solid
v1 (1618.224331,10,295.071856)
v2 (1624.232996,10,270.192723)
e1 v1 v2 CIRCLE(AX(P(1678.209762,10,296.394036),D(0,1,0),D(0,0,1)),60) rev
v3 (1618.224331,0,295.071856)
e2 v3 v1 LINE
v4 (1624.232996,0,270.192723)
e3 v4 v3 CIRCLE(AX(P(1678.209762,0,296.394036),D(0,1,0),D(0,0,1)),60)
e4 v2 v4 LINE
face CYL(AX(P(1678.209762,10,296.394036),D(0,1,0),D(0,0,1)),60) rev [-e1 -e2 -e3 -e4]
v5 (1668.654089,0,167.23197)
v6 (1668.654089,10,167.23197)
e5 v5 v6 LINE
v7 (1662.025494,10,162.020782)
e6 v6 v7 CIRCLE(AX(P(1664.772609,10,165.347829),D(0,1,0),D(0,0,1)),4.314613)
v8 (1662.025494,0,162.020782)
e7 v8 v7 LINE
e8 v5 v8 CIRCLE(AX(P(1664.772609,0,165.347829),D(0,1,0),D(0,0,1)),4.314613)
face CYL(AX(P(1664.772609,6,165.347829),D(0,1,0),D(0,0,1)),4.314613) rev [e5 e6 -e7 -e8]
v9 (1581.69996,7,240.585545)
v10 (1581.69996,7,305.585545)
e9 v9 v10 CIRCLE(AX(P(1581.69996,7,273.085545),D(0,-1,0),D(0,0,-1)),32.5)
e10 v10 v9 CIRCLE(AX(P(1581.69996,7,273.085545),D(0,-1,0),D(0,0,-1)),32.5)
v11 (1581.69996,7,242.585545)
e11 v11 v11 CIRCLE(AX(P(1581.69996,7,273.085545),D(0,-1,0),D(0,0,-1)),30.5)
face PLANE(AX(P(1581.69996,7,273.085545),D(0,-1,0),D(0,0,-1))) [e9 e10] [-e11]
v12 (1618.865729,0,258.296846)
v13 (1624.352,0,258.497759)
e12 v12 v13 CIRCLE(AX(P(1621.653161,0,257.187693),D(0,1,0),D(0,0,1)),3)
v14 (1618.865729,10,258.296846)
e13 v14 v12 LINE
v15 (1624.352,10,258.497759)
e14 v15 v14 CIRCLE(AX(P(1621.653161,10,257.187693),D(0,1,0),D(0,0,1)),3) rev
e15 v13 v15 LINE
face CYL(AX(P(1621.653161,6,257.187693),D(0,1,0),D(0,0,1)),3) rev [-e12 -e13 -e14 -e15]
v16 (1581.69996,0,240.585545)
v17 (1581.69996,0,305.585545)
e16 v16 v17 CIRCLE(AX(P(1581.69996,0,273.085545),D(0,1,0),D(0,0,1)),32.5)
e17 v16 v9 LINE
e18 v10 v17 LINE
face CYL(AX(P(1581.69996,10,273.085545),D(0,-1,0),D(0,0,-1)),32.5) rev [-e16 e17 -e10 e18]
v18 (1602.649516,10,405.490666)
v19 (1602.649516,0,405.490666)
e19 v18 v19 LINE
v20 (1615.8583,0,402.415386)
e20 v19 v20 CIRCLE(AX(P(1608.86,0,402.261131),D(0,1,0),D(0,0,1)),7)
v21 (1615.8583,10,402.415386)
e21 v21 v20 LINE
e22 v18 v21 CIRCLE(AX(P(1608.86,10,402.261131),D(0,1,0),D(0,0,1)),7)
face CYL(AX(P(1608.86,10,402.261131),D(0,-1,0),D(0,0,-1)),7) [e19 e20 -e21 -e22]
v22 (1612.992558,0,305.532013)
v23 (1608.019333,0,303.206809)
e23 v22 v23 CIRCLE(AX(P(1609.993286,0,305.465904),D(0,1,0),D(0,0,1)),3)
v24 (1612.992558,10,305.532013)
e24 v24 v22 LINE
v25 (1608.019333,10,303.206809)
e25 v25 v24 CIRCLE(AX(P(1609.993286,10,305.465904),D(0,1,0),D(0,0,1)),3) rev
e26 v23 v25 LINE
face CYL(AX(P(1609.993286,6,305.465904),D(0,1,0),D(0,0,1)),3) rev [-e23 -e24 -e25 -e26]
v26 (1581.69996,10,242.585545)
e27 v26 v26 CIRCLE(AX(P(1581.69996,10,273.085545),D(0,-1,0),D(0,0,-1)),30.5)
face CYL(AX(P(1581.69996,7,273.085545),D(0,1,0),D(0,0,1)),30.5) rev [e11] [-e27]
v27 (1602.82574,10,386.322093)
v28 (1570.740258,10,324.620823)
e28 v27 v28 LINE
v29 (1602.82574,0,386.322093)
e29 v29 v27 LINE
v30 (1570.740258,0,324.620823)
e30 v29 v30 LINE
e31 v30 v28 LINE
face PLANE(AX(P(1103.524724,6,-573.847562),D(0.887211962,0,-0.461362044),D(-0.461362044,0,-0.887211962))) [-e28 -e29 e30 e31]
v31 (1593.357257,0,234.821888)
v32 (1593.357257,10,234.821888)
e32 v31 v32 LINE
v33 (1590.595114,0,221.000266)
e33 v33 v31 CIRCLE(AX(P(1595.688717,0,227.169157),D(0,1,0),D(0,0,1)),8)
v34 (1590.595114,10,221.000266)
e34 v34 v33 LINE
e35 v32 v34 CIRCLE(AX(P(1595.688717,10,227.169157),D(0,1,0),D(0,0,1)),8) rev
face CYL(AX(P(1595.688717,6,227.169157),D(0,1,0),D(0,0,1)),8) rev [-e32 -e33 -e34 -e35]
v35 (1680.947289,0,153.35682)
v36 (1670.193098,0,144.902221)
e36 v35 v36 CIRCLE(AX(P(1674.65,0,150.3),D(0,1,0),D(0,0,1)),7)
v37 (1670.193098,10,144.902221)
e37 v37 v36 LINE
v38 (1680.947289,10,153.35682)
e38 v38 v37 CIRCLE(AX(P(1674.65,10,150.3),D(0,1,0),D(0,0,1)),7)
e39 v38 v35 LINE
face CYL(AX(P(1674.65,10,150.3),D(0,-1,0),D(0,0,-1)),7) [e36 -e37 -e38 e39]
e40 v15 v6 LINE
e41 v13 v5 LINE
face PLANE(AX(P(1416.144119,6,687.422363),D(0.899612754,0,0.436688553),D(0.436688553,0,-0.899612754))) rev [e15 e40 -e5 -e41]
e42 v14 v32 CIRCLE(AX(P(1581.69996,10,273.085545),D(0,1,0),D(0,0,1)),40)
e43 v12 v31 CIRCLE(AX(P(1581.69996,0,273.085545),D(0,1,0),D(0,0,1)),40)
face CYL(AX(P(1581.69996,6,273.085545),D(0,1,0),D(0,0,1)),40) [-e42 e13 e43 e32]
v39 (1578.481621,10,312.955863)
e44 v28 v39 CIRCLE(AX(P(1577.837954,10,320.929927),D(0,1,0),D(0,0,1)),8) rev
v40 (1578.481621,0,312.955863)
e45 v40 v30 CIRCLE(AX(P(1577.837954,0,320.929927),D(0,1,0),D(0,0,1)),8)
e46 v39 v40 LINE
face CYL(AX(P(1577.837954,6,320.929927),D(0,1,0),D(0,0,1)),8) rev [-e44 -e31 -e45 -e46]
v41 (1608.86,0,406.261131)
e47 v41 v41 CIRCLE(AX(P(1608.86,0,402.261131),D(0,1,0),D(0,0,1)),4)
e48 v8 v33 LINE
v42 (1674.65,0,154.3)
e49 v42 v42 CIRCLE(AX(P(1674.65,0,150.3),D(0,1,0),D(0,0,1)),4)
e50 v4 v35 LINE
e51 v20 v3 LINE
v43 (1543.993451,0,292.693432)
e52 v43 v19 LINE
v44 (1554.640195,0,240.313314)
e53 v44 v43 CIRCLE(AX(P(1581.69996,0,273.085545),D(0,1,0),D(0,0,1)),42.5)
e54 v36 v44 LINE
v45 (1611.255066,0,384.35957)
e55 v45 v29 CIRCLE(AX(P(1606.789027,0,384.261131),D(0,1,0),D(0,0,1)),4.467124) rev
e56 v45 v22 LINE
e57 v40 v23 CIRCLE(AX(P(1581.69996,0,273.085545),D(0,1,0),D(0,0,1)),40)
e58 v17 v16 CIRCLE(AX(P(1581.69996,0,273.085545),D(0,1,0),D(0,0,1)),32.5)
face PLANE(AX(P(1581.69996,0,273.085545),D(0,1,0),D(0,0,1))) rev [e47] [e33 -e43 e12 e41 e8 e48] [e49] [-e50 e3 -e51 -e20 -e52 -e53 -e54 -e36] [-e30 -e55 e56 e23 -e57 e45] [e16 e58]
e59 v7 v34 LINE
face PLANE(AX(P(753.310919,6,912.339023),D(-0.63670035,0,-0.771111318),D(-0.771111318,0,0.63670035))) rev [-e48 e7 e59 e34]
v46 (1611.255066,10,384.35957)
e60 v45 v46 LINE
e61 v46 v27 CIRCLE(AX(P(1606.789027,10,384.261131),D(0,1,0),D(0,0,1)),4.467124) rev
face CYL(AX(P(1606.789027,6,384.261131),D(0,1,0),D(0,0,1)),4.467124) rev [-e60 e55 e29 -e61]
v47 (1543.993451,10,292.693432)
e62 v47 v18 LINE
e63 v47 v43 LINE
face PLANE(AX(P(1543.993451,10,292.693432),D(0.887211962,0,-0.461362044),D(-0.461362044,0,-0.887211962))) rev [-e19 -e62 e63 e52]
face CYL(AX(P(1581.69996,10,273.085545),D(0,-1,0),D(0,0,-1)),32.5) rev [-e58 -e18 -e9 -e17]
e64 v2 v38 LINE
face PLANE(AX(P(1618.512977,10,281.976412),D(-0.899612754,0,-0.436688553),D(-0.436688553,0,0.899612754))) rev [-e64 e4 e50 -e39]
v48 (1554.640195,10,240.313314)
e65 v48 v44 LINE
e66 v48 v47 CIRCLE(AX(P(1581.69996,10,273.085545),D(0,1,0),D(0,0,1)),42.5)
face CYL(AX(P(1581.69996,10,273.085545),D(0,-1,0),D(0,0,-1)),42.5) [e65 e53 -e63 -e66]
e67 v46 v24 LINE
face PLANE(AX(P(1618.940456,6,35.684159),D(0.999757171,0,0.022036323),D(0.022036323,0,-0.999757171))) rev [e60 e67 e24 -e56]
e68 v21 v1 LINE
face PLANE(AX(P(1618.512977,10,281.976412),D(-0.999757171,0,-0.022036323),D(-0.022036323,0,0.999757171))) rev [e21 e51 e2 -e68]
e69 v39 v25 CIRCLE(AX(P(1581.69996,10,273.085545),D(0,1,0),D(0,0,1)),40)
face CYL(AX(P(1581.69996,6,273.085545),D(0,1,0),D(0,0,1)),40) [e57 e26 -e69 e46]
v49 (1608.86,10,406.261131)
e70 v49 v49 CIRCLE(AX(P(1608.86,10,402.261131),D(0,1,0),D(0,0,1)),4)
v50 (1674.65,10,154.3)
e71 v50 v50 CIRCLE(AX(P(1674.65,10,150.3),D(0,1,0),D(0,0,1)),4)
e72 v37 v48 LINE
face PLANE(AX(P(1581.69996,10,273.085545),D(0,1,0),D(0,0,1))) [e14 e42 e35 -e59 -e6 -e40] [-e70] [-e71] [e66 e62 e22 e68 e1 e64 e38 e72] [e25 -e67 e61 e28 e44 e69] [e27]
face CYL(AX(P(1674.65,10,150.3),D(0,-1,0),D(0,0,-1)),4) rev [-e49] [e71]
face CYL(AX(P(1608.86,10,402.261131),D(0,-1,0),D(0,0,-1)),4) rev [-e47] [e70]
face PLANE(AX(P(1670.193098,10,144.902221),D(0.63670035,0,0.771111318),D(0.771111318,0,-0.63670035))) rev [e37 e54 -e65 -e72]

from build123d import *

# Parameters (mm, degrees)
SZKIC2_R                    = 4
SZKIC2_R_2                  = 32.5
DODANIE_WYCI_GNI_CIE1_DEPTH = 10
WYTNIJ_WYCI_GNI_CIE1_DEPTH  = 4
WYTNIJ_WYCI_GNI_CIE2_START  = -10
WYTNIJ_WYCI_GNI_CIE2_DEPTH  = 1741.763240958
DODANIE_WYCI_GNI_CIE2_START = -7
SZKIC4_R                    = 32.5
SZKIC4_R_2                  = 30.5
DODANIE_WYCI_GNI_CIE2_DEPTH = 3
ZAOKR_GLENIE1_R             = 60
ZAOKR_GLENIE2_R             = 8
ZAOKR_GLENIE3_R             = 3


with BuildPart() as part:
    # Szkic2 → Dodanie-wyci_gni_cie1 (new body)
    with BuildSketch(Plane(origin=(0, 0, 0), x_dir=(1, 0, 0), z_dir=(0, 1, 0))):
        with BuildLine():
            Line((1543.993451292, -292.693431604), (1602.649516269, -405.490665796))
            ThreePointArc((1602.649516269, -405.490665796), (1610.447293462, -409.078792342), (1615.858300195, -402.415385751))
            Line((1615.858300195, -402.415385751), (1618.512976907, -281.976412469))
            Line((1618.512976907, -281.976412469), (1680.947289281, -153.356819868))
            ThreePointArc((1680.947289281, -153.356819868), (1678.976293723, -144.796984225), (1670.19309755, -144.902220776))
            Line((1670.19309755, -144.902220776), (1554.640194786, -240.313313752))
            ThreePointArc((1554.640194786, -240.313313752), (1540.051589656, -264.620128285), (1543.993451292, -292.693431604))
        make_face()
        with Locations((1608.86, -402.261131492)):
            Circle(SZKIC2_R, mode=Mode.SUBTRACT)
        with Locations((1581.69995966, -273.085544755)):
            Circle(SZKIC2_R_2, mode=Mode.SUBTRACT)
        with Locations((1674.65, -150.3)):
            Circle(SZKIC2_R, mode=Mode.SUBTRACT)
    extrude(amount=DODANIE_WYCI_GNI_CIE1_DEPTH)

    # Szkic3 → Wytnij-wyci_gni_cie1 (cut)
    with BuildSketch(Plane(origin=(0, 10, 0), x_dir=(1, 0, 0), z_dir=(0, 1, 0))):
        with BuildLine():
            Line((1562.06257658, -307.933402448), (1602.825740378, -386.322093118))
            ThreePointArc((1602.825740378, -386.322093118), (1607.801974735, -388.611894192), (1611.255066167, -384.359570486))
            Line((1611.255066167, -384.359570486), (1613.16331738, -297.784879179))
            ThreePointArc((1613.16331738, -297.784879179), (1589.491721347, -312.31931146), (1562.06257658, -307.933402448))
        make_face()
        with BuildLine():
            Line((1662.025493572, -162.020782011), (1575.342850703, -233.593935954))
            ThreePointArc((1575.342850703, -233.593935954), (1604.608184708, -240.295100641), (1620.968093066, -265.468872331))
            Line((1620.968093066, -265.468872331), (1668.654089364, -167.231970482))
            ThreePointArc((1668.654089364, -167.231970482), (1667.439220484, -161.955917019), (1662.025493572, -162.020782011))
        make_face()
    extrude(amount=-WYTNIJ_WYCI_GNI_CIE1_DEPTH, mode=Mode.SUBTRACT)

    # Szkic3_3 → Wytnij-wyci_gni_cie2 (cut, through all)
    with BuildSketch(Plane(origin=(0, 10, 0), x_dir=(1, 0, 0), z_dir=(0, 1, 0)).offset(WYTNIJ_WYCI_GNI_CIE2_START)):
        with BuildLine():
            Line((1562.06257658, -307.933402448), (1602.825740378, -386.322093118))
            ThreePointArc((1602.825740378, -386.322093118), (1607.801974735, -388.611894192), (1611.255066167, -384.359570486))
            Line((1611.255066167, -384.359570486), (1613.16331738, -297.784879179))
            ThreePointArc((1613.16331738, -297.784879179), (1589.491721347, -312.31931146), (1562.06257658, -307.933402448))
        make_face()
        with BuildLine():
            Line((1662.025493572, -162.020782011), (1575.342850703, -233.593935954))
            ThreePointArc((1575.342850703, -233.593935954), (1604.608184708, -240.295100641), (1620.968093066, -265.468872331))
            Line((1620.968093066, -265.468872331), (1668.654089364, -167.231970482))
            ThreePointArc((1668.654089364, -167.231970482), (1667.439220484, -161.955917019), (1662.025493572, -162.020782011))
        make_face()
    extrude(amount=WYTNIJ_WYCI_GNI_CIE2_DEPTH, mode=Mode.SUBTRACT)

    # Szkic4 → Dodanie-wyci_gni_cie2 (add)
    with BuildSketch(Plane(origin=(0, 0, 0), x_dir=(-1, 0, 0), z_dir=(0, -1, 0)).offset(DODANIE_WYCI_GNI_CIE2_START)):
        with Locations((-1581.69995966, -273.085544755)):
            Circle(SZKIC4_R)
        with Locations((-1581.69995966, -273.085544755)):
            Circle(SZKIC4_R_2, mode=Mode.SUBTRACT)
    extrude(amount=-DODANIE_WYCI_GNI_CIE2_DEPTH)

    # Zaokr_glenie1
    zaokr_glenie1_edges = [part.edges().sort_by_distance(p)[0] for p in [
        (1618.512976907, 5, 281.976412469),
    ]]
    fillet(zaokr_glenie1_edges, radius=ZAOKR_GLENIE1_R)

    # Zaokr_glenie2
    zaokr_glenie2_edges = [part.edges().sort_by_distance(p)[0] for p in [
        (1562.06257658, 5, 307.933402448),
        (1575.342850703, 5, 233.593935954),
    ]]
    fillet(zaokr_glenie2_edges, radius=ZAOKR_GLENIE2_R)

    # Zaokr_glenie3
    zaokr_glenie3_edges = [part.edges().sort_by_distance(p)[0] for p in [
        (1613.16331738, 5, 297.784879179),
        (1620.968093066, 5, 265.468872331),
    ]]
    fillet(zaokr_glenie3_edges, radius=ZAOKR_GLENIE3_R)


solid = part.part
